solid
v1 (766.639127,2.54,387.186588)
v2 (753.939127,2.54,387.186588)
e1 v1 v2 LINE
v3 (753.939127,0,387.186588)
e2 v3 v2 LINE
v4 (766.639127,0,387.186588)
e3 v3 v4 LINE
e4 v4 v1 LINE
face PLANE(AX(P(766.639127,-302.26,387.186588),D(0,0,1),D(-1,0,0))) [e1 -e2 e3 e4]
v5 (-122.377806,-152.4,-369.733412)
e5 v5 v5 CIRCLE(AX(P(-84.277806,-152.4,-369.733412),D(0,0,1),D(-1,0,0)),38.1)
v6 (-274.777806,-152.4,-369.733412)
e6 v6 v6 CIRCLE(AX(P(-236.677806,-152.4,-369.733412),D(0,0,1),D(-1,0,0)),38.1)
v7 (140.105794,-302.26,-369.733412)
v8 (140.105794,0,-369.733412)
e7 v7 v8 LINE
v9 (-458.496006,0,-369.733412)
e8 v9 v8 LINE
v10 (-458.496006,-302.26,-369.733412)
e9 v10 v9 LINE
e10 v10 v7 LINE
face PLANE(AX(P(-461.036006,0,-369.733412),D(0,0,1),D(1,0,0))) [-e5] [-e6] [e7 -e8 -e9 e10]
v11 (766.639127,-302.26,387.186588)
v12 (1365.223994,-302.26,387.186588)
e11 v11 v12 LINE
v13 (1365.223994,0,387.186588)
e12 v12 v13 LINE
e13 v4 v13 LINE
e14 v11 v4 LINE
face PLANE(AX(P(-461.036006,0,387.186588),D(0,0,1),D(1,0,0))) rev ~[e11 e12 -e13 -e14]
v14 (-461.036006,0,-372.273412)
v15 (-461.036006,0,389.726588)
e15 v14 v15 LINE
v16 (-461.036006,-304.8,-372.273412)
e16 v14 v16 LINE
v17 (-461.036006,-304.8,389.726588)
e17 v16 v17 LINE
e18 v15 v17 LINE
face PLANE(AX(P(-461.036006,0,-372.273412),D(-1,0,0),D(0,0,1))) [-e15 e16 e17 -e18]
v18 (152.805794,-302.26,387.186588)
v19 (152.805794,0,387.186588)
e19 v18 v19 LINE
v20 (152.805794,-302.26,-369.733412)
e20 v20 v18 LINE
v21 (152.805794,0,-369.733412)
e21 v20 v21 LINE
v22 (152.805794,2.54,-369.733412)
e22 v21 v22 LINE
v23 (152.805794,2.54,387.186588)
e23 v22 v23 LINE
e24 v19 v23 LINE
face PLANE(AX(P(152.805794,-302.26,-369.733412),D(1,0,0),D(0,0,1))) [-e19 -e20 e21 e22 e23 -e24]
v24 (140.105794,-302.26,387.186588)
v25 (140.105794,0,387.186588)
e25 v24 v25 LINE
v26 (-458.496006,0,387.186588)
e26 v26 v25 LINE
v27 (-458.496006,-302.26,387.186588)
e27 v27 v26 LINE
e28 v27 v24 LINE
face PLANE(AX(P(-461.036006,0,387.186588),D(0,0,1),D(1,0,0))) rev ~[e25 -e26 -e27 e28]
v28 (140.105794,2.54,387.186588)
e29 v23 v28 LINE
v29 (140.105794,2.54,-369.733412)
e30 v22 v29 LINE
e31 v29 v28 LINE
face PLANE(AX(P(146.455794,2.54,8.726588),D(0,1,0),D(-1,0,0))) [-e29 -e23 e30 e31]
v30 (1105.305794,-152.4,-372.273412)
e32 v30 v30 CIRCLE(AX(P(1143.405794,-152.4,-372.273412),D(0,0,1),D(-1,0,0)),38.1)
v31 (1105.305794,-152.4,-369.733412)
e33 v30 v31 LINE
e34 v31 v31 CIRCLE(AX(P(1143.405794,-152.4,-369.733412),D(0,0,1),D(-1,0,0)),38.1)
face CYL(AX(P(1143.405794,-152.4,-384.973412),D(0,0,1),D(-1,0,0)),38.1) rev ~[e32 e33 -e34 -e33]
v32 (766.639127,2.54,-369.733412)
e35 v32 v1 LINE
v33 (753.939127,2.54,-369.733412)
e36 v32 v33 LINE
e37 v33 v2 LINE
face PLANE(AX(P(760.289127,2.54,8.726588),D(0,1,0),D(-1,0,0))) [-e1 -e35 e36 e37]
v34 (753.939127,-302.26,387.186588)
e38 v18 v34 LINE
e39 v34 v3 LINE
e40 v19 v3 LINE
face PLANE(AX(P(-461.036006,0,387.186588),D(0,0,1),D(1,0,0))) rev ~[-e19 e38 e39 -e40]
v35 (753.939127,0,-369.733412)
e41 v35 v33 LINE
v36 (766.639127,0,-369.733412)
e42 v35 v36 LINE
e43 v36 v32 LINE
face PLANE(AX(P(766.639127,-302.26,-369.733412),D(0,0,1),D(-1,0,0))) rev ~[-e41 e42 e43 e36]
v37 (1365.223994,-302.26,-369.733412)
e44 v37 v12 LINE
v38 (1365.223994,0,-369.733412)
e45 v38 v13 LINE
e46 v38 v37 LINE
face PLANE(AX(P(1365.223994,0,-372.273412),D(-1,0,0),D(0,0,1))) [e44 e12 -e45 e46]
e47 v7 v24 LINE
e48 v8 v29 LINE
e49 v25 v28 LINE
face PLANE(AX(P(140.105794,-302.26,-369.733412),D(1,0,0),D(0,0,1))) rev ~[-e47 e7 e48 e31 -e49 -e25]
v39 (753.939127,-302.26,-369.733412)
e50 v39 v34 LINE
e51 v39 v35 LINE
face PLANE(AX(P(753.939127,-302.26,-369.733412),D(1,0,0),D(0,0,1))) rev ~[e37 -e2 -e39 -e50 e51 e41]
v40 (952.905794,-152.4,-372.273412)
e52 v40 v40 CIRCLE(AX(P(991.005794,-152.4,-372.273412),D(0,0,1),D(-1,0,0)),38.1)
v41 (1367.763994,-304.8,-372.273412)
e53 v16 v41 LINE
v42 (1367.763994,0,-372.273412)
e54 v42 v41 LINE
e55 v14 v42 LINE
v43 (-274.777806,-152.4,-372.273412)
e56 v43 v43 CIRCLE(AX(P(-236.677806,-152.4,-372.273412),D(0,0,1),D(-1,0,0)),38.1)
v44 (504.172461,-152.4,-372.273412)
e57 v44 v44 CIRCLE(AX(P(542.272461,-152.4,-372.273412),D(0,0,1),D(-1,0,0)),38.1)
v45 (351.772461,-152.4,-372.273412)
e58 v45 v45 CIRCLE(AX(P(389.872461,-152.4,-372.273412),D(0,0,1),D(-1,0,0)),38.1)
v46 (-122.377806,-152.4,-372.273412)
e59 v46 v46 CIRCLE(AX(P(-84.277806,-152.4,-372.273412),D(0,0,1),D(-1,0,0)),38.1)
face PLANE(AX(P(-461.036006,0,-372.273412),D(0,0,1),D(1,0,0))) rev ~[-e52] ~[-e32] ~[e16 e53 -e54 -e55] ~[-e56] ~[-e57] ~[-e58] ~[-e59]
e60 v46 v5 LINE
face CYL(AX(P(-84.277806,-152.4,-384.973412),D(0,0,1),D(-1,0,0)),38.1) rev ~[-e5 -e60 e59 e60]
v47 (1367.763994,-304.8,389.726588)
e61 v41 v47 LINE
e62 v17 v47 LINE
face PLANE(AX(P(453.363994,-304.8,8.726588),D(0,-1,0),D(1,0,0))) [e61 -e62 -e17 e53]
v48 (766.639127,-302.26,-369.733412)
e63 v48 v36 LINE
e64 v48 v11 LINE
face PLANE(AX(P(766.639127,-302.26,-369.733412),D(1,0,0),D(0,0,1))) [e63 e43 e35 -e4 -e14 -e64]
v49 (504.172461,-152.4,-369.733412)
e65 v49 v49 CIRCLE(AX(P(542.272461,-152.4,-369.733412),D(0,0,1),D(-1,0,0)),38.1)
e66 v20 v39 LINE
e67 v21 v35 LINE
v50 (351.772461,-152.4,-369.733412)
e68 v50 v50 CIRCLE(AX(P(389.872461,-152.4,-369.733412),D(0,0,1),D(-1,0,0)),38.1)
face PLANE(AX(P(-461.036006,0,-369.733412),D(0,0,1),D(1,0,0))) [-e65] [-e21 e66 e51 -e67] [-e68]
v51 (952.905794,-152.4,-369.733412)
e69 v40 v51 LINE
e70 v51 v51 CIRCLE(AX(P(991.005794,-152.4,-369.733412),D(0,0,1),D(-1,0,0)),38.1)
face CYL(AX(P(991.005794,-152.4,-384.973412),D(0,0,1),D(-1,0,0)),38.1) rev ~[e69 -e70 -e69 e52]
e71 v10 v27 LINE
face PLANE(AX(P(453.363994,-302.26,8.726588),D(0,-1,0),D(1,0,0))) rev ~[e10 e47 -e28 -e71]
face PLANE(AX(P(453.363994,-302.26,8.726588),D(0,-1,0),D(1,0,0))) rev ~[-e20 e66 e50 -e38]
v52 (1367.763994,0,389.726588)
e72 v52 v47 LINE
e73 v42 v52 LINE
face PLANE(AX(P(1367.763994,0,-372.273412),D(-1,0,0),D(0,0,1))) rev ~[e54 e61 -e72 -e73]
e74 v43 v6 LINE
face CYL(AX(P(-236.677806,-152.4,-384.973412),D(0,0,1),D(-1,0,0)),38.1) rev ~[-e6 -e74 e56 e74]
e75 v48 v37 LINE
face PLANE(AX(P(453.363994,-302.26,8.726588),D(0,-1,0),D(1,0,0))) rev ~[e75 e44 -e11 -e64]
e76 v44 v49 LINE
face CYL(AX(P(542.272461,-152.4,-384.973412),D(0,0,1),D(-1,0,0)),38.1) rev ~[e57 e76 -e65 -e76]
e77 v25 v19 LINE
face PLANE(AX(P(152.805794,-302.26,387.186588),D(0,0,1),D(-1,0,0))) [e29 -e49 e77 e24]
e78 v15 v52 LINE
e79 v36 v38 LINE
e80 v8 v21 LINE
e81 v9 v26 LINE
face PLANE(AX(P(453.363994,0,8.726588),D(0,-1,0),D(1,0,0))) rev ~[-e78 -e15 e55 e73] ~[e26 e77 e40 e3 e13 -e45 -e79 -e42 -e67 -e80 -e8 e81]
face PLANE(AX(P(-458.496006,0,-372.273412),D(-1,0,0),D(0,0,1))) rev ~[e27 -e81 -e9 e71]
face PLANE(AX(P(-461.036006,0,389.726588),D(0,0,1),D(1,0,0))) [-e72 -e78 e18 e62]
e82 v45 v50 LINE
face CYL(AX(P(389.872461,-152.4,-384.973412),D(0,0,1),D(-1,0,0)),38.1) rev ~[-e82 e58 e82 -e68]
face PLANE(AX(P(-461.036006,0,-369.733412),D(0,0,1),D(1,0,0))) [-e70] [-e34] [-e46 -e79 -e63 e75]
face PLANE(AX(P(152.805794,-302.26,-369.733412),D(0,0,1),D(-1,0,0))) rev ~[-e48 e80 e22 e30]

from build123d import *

# Parameters (mm, degrees)
F0_W     = 1828.8
F0_H     = 762
F1_DEPTH = 304.8
F2_T     = -2.54
F4_D     = 76.2
F4_DEPTH = 12.7
F5_W     = 12.7
F5_H     = 756.92
F6_DEPTH = 304.8


with BuildPart() as f1:
    # F0 (on Front) → F1 (new body)
    with BuildSketch(Plane.XZ):
        with Locations((453.363994, 8.726588)):
            Rectangle(F0_W, F0_H)
    extrude(amount=F1_DEPTH)

    # F2
    f2_openings = [f1.faces().sort_by_distance(p)[0] for p in [
        (453.363994, 0, 8.726588),
    ]]
    offset(amount=F2_T, openings=f2_openings)

    # F4
    with Locations(Plane(origin=(0, 0, -372.273412), x_dir=(1, 0, 0), z_dir=(0, 0, -1))):
        with Locations((-236.677806, 152.4), (-84.277806, 152.4), (389.872461, 152.4), (542.272461, 152.4), (991.005794, 152.4), (1143.405794, 152.4)):
            Hole(F4_D / 2, depth=F4_DEPTH)

    # F5 (on face) → F6 (join)
    with BuildSketch(Plane(origin=(0, -302.26, 0), x_dir=(-1, 0, 0), z_dir=(0, 1, 0))):
        with Locations((-760.289127, 8.726588)):
            Rectangle(F5_W, F5_H)
        with Locations((-146.455794, 8.726588)):
            Rectangle(F5_W, F5_H)
    extrude(amount=F6_DEPTH)


solid = f1.part
